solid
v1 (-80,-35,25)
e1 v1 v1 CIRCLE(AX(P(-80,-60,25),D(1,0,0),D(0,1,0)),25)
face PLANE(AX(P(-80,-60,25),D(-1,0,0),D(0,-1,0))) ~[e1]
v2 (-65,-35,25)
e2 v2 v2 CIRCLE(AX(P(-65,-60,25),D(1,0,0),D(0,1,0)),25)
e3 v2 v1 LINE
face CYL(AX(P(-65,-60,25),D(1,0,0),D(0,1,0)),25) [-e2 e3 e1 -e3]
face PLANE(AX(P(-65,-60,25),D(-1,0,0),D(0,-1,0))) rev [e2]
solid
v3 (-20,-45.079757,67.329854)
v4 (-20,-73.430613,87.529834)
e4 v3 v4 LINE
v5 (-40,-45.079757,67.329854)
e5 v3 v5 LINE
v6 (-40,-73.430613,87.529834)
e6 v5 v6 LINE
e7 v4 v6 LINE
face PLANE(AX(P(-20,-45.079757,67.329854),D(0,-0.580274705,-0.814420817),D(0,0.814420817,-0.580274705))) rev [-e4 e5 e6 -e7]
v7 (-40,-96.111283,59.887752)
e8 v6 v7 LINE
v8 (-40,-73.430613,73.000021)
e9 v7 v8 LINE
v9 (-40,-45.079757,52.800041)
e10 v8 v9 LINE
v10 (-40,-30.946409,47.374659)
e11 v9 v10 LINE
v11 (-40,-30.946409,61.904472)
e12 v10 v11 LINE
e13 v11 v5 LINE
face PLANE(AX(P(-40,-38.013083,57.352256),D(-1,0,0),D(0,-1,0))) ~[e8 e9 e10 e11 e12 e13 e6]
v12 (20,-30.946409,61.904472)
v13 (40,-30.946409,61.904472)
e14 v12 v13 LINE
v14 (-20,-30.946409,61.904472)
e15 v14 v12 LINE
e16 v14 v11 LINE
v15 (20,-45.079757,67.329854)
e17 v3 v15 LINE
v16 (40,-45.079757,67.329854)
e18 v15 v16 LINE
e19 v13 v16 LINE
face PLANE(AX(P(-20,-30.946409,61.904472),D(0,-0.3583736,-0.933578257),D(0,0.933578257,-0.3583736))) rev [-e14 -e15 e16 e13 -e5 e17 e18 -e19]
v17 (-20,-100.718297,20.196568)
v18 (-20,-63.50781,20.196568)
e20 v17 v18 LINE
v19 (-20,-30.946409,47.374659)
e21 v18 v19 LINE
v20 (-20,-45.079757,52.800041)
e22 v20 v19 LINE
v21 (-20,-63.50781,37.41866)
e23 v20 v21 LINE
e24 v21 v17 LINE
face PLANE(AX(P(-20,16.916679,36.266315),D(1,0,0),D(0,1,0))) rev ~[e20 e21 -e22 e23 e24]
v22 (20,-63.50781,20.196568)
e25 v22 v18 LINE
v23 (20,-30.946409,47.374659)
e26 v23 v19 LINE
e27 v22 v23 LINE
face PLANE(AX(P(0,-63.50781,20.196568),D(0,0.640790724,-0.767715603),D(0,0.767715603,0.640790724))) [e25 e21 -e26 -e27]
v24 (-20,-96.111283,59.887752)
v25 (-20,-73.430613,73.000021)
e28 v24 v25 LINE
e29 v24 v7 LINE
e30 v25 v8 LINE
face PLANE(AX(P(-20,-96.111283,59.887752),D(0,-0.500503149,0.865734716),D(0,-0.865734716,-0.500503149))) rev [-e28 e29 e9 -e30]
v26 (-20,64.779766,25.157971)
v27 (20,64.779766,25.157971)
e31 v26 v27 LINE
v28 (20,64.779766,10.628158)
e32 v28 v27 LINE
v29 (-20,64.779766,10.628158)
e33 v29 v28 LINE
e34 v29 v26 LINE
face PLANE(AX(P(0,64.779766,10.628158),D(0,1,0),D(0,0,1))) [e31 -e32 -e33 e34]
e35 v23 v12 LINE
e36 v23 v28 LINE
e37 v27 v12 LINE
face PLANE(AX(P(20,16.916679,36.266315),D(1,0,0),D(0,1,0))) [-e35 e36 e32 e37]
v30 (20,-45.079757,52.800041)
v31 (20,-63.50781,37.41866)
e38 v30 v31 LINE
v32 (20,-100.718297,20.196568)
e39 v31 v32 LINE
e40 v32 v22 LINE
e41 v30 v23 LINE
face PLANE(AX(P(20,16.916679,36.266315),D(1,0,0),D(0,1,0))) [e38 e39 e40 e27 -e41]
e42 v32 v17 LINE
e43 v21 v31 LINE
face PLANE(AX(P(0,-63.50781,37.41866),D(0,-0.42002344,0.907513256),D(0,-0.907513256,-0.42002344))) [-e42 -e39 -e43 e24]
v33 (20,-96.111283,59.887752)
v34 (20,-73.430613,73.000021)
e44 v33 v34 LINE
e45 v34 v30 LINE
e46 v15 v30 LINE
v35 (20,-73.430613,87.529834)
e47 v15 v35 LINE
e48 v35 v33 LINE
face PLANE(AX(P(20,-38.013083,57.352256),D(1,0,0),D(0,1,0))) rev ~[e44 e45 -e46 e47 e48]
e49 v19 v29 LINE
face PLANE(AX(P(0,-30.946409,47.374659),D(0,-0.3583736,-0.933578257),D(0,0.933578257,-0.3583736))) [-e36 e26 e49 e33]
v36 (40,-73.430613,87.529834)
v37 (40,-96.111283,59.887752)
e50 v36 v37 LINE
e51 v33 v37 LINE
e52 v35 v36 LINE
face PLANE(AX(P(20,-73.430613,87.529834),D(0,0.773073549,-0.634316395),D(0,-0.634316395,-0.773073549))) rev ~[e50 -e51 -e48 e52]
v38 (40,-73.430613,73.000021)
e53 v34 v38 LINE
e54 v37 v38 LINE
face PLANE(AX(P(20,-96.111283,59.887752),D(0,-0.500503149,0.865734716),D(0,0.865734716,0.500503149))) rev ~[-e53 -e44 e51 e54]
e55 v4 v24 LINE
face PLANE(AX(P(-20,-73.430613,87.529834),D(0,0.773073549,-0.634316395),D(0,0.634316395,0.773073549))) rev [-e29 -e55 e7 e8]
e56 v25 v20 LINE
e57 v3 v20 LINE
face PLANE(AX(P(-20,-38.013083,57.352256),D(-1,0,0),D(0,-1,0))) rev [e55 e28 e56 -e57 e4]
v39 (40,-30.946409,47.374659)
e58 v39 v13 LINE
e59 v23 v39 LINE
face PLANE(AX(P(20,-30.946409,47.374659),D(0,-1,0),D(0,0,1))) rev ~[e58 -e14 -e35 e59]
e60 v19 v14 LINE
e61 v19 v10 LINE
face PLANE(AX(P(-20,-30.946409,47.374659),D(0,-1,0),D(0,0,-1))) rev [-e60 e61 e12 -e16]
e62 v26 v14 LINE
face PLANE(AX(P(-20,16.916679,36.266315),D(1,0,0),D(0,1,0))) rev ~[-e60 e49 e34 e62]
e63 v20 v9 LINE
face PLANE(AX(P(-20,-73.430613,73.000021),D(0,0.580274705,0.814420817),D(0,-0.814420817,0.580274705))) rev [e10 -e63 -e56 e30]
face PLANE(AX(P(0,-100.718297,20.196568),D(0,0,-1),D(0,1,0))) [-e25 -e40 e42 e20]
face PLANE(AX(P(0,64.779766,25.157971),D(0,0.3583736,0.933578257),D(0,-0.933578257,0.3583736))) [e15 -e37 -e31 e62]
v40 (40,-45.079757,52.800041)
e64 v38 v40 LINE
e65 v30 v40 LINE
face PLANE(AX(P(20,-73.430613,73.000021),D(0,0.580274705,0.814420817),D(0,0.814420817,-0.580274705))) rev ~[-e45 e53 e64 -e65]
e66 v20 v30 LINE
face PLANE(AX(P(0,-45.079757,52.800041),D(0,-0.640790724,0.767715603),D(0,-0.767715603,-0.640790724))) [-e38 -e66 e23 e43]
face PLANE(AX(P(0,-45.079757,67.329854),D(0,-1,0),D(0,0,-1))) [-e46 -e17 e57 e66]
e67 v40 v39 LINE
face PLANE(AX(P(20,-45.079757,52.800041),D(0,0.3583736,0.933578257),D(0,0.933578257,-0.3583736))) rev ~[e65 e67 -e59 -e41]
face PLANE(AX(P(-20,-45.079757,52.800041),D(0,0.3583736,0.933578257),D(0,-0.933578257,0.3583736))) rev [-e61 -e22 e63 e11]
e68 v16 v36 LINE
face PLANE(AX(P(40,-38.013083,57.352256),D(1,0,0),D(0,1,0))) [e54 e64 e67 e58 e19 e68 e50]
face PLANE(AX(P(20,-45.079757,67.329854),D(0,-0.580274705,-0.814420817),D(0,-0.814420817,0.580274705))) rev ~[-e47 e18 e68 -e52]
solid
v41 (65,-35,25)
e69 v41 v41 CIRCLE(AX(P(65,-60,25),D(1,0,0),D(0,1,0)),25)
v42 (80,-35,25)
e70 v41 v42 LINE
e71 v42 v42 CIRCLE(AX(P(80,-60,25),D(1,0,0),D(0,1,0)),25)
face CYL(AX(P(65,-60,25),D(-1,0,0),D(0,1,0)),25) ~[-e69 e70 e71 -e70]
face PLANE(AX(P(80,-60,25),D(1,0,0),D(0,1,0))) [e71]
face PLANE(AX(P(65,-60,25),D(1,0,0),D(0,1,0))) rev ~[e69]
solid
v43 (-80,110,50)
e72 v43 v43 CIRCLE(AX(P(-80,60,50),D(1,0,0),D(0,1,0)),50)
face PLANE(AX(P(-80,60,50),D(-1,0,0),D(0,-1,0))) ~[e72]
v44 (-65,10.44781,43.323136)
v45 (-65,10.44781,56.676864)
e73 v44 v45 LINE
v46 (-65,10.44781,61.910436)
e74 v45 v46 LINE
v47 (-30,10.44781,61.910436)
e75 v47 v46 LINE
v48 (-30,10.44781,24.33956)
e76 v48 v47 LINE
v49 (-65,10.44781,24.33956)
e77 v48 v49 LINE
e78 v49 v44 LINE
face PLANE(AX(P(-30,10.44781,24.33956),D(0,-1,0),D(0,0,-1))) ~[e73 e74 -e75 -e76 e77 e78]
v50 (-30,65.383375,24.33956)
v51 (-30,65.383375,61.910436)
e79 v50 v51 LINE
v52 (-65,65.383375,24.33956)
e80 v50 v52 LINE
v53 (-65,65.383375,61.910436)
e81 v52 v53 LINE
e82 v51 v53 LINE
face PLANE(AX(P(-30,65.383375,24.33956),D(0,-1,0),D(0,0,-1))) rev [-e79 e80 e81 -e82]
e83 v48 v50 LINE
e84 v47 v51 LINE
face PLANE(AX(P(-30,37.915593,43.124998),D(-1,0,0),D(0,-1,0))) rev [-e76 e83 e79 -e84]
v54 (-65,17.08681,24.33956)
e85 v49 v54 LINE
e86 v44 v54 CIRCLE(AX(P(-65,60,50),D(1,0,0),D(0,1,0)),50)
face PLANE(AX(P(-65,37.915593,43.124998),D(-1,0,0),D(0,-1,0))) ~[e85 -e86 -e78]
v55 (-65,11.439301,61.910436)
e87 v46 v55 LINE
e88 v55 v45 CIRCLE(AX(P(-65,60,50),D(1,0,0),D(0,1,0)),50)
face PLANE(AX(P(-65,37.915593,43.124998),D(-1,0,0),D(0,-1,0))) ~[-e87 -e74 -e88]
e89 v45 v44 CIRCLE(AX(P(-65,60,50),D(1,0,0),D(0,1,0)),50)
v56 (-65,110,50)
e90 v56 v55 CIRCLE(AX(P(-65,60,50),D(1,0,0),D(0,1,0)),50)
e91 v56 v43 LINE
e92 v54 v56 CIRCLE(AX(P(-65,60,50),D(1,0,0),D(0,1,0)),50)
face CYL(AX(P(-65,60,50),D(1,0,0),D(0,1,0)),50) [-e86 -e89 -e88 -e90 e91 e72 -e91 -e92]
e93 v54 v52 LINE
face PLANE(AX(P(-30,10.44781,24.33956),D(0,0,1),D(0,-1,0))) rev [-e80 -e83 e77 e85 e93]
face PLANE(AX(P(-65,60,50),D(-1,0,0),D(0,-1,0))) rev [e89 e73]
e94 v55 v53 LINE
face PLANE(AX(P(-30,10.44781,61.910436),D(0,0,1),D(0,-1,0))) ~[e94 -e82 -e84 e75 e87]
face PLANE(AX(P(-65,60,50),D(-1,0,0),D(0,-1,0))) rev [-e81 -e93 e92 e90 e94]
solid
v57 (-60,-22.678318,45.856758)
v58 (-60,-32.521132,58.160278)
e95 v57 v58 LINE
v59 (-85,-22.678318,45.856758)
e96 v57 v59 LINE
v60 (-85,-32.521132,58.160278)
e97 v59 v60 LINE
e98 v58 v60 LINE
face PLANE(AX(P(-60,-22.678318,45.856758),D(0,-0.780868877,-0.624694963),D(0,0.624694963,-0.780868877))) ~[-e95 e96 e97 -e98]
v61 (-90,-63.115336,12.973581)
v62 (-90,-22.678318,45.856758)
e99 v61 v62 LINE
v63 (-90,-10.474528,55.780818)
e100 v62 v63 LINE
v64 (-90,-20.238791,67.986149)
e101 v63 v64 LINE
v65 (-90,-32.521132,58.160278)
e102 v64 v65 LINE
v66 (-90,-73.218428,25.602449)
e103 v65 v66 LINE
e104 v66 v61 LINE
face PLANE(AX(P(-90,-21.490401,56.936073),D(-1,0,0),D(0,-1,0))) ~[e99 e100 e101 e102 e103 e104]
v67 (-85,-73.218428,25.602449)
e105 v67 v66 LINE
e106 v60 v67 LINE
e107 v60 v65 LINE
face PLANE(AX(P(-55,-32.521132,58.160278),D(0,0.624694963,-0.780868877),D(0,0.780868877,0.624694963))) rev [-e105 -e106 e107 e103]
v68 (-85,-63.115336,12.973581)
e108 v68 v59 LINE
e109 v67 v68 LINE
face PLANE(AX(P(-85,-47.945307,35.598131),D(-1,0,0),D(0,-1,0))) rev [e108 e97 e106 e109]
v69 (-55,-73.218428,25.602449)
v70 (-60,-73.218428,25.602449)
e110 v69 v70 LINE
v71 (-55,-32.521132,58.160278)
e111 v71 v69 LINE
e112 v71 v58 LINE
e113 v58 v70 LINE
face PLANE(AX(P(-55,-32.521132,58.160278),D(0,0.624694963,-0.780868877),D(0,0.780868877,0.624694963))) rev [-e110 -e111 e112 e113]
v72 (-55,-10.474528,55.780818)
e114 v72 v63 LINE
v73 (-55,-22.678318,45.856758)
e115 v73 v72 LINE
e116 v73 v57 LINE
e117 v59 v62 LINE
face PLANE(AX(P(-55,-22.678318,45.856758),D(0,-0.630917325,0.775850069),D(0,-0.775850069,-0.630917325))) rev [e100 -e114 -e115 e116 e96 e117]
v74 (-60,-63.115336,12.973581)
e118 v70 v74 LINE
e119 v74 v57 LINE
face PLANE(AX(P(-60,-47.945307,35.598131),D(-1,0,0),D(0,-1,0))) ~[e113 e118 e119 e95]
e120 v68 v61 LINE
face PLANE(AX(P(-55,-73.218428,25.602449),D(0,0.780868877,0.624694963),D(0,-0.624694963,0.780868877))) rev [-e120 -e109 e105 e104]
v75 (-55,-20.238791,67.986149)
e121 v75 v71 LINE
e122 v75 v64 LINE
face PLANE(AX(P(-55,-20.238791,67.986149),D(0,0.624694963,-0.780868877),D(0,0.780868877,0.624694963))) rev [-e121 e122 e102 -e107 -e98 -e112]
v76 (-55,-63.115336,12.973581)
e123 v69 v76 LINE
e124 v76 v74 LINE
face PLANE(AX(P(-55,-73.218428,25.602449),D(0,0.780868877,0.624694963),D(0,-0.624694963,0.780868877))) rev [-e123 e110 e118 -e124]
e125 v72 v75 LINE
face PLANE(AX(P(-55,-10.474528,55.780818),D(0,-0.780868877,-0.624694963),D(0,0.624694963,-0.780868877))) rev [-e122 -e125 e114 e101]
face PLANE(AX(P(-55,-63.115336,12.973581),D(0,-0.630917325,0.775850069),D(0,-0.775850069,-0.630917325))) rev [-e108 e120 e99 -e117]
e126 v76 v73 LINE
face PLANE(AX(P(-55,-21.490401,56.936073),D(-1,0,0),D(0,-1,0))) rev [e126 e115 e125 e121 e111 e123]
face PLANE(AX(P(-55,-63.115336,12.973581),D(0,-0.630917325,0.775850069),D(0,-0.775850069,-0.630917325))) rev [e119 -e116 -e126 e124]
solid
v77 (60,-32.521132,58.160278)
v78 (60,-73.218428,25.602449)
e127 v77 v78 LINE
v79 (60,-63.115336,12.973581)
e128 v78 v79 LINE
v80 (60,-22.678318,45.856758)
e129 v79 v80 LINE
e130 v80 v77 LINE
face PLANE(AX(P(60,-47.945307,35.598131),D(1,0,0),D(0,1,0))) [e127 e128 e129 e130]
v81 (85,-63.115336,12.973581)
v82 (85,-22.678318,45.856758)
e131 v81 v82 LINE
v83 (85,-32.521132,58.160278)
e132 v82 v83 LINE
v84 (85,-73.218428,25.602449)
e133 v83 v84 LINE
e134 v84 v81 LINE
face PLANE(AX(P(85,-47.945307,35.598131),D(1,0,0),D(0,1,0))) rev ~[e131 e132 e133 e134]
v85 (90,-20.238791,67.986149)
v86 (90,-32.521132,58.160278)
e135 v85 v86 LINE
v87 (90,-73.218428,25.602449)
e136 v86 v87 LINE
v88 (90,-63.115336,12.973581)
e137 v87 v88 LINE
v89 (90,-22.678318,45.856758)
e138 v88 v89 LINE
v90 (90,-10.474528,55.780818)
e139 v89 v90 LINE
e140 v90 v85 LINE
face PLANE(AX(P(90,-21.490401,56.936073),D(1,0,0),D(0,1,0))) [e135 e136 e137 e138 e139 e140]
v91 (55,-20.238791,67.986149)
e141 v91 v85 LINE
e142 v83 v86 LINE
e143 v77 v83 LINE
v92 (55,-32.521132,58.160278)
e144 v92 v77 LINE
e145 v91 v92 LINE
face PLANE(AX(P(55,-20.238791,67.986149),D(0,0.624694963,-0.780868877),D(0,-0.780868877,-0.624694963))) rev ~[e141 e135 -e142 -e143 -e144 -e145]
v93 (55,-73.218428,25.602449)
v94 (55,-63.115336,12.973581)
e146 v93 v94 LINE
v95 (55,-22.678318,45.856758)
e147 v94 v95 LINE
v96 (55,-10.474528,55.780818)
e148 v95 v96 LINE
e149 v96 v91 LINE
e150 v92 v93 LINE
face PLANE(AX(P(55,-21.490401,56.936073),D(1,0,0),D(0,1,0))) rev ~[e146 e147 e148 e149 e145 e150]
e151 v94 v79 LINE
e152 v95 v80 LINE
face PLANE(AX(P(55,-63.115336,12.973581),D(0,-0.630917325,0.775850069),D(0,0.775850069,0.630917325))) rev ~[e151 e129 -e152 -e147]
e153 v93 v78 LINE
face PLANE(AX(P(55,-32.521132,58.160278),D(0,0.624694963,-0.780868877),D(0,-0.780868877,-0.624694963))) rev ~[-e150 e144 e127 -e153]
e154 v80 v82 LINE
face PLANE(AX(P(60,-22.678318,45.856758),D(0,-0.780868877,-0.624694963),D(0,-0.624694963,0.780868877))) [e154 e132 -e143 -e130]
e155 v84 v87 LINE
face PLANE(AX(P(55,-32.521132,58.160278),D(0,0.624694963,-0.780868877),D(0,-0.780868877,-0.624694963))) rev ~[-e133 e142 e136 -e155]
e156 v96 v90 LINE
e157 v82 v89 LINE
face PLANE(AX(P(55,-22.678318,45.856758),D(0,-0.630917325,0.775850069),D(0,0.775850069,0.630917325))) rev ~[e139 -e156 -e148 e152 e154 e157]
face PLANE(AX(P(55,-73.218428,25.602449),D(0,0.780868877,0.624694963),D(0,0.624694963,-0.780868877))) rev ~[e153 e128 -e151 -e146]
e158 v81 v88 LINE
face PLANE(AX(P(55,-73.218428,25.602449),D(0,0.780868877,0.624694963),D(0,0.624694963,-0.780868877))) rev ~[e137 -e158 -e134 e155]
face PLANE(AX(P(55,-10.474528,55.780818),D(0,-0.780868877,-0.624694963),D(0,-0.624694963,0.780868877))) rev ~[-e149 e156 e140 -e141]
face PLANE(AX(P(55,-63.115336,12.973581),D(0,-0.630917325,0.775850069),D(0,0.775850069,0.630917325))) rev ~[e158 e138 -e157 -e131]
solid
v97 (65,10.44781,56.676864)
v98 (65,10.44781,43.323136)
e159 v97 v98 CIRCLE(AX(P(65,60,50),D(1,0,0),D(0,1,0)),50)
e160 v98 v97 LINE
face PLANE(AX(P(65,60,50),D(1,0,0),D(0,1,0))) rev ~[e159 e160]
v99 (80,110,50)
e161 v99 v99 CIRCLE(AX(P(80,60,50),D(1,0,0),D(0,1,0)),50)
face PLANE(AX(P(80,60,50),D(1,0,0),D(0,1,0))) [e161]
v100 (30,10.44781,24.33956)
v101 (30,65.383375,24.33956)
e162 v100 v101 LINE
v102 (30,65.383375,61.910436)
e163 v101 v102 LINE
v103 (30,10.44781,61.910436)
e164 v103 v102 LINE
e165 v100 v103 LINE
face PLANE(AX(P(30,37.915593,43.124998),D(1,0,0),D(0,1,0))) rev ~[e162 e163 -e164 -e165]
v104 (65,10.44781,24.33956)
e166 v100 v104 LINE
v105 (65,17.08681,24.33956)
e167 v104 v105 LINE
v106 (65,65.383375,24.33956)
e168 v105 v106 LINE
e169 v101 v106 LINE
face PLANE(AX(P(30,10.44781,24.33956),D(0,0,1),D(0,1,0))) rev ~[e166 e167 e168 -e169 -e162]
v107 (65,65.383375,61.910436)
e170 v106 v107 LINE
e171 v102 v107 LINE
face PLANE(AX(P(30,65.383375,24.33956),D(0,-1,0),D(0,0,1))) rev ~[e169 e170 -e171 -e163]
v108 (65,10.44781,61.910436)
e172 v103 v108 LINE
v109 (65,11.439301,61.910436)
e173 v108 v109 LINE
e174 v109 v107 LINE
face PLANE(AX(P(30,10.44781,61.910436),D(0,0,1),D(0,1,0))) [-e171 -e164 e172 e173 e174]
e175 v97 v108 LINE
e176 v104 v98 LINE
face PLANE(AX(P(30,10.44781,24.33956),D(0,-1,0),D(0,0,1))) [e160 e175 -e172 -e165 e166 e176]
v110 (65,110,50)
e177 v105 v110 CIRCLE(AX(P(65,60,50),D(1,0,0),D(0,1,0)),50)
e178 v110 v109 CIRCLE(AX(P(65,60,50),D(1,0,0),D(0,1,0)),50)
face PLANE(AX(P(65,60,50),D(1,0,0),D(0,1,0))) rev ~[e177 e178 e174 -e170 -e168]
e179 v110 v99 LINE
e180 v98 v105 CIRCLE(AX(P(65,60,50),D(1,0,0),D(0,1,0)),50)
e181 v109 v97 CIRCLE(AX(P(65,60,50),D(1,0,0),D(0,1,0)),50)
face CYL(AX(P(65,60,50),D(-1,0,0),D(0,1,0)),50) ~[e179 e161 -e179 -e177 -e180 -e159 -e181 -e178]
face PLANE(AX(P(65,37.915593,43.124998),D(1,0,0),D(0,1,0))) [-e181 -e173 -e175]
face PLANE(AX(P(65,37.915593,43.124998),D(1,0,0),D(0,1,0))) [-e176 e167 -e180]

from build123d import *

# Parameters (mm, degrees)
F1_START = 65
F0_R     = 50
F1_DEPTH = 15
F0_R_2   = 25
F3_START = 55
F3_DEPTH = 35
F4_START = 30
F2_W     = 54.935564287
F2_H     = 37.570875138
F4_DEPTH = 35
F5_START = 60
F5_DEPTH = 25
F7_DEPTH = 20
F8_START = 20
F8_DEPTH = 20


with BuildPart() as f1:
    # F0 (on Right) → F1 (new body)
    with BuildSketch(Plane.YZ.offset(F1_START)):
        with Locations((60, 50)):
            Circle(F0_R)
    extrude(amount=F1_DEPTH)

    # F2 (on Right) → F4 (join)
    with BuildSketch(Plane.YZ.offset(F4_START)):
        with Locations((37.9155925475, 43.1249979883)):
            Rectangle(F2_W, F2_H)
    extrude(amount=F4_DEPTH)


with BuildPart() as f1b:
    # F0 (on Right) → F1, piece 2 (new body)
    with BuildSketch(Plane.YZ.offset(F1_START)):
        with Locations((-60, 25)):
            Circle(F0_R_2)
    extrude(amount=F1_DEPTH)


with BuildPart() as f3:
    # F2 (on Right) → F3 (new body)
    with BuildSketch(Plane.YZ.offset(F3_START)):
        Polygon((-32.5211317695, 58.1602781919), (-22.6783181411, 45.8567584343), (-10.4745284982, 55.7808180227), (-20.2387908943, 67.9861487181), align=None)
        Polygon((-73.2184275985, 25.6024487317), (-63.1153360009, 12.9735814407), (-22.6783181411, 45.8567584343), (-32.5211317695, 58.1602781919), align=None)
    extrude(amount=F3_DEPTH)

    # F2 (on Right) → F5 (cut)
    with BuildSketch(Plane.YZ.offset(F5_START)):
        Polygon((-73.2184275985, 25.6024487317), (-63.1153360009, 12.9735814407), (-22.6783181411, 45.8567584343), (-32.5211317695, 58.1602781919), align=None)
    extrude(amount=F5_DEPTH, mode=Mode.SUBTRACT)


with BuildPart() as f7:
    # F6 (on Right) → F7 (new body, symmetric)
    with BuildSketch(Plane.YZ):
        Polygon((-30.946408709, 47.3746586235), (64.7797659039, 10.6281582266), (64.7797659039, 25.1579713076), (-30.946408709, 61.9044717045), align=None)
        Polygon((-45.0797565281, 52.8000406921), (-30.946408709, 47.3746586235), (-30.946408709, 61.9044717045), (-45.0797565281, 67.3298537731), align=None)
        Polygon((-63.507810235, 20.1965682209), (-30.946408709, 47.3746586235), (-45.0797565281, 52.8000406921), (-63.507810235, 37.4186600967), (-100.7182970643, 20.1965682209), align=None)
    extrude(amount=F7_DEPTH, both=True)



with BuildPart() as f8:
    # F6 (on Right) → F8 (new body)
    with BuildSketch(Plane.YZ.offset(F8_START)):
        Polygon((-45.0797565281, 52.8000406921), (-30.946408709, 47.3746586235), (-30.946408709, 61.9044717045), (-45.0797565281, 67.3298537731), align=None)
        Polygon((-73.4306126833, 73.0000212789), (-45.0797565281, 52.8000406921), (-45.0797565281, 67.3298537731), (-73.4306126833, 87.5298343599), (-96.1112827063, 59.8877519369), align=None)
    extrude(amount=F8_DEPTH)


with BuildPart() as f7_1:
    add(f7.part)

    add(f8.part)  # F9 merges F8
    # F9: F8, F1b, F3, F1 across plane
    add(f8.part.mirror(Plane.YZ))
    add(f1b.part.mirror(Plane.YZ))
    add(f3.part.mirror(Plane.YZ))
    add(f1.part.mirror(Plane.YZ))


solid = Compound([f1.part, f1b.part, f3.part, f7_1.part])
